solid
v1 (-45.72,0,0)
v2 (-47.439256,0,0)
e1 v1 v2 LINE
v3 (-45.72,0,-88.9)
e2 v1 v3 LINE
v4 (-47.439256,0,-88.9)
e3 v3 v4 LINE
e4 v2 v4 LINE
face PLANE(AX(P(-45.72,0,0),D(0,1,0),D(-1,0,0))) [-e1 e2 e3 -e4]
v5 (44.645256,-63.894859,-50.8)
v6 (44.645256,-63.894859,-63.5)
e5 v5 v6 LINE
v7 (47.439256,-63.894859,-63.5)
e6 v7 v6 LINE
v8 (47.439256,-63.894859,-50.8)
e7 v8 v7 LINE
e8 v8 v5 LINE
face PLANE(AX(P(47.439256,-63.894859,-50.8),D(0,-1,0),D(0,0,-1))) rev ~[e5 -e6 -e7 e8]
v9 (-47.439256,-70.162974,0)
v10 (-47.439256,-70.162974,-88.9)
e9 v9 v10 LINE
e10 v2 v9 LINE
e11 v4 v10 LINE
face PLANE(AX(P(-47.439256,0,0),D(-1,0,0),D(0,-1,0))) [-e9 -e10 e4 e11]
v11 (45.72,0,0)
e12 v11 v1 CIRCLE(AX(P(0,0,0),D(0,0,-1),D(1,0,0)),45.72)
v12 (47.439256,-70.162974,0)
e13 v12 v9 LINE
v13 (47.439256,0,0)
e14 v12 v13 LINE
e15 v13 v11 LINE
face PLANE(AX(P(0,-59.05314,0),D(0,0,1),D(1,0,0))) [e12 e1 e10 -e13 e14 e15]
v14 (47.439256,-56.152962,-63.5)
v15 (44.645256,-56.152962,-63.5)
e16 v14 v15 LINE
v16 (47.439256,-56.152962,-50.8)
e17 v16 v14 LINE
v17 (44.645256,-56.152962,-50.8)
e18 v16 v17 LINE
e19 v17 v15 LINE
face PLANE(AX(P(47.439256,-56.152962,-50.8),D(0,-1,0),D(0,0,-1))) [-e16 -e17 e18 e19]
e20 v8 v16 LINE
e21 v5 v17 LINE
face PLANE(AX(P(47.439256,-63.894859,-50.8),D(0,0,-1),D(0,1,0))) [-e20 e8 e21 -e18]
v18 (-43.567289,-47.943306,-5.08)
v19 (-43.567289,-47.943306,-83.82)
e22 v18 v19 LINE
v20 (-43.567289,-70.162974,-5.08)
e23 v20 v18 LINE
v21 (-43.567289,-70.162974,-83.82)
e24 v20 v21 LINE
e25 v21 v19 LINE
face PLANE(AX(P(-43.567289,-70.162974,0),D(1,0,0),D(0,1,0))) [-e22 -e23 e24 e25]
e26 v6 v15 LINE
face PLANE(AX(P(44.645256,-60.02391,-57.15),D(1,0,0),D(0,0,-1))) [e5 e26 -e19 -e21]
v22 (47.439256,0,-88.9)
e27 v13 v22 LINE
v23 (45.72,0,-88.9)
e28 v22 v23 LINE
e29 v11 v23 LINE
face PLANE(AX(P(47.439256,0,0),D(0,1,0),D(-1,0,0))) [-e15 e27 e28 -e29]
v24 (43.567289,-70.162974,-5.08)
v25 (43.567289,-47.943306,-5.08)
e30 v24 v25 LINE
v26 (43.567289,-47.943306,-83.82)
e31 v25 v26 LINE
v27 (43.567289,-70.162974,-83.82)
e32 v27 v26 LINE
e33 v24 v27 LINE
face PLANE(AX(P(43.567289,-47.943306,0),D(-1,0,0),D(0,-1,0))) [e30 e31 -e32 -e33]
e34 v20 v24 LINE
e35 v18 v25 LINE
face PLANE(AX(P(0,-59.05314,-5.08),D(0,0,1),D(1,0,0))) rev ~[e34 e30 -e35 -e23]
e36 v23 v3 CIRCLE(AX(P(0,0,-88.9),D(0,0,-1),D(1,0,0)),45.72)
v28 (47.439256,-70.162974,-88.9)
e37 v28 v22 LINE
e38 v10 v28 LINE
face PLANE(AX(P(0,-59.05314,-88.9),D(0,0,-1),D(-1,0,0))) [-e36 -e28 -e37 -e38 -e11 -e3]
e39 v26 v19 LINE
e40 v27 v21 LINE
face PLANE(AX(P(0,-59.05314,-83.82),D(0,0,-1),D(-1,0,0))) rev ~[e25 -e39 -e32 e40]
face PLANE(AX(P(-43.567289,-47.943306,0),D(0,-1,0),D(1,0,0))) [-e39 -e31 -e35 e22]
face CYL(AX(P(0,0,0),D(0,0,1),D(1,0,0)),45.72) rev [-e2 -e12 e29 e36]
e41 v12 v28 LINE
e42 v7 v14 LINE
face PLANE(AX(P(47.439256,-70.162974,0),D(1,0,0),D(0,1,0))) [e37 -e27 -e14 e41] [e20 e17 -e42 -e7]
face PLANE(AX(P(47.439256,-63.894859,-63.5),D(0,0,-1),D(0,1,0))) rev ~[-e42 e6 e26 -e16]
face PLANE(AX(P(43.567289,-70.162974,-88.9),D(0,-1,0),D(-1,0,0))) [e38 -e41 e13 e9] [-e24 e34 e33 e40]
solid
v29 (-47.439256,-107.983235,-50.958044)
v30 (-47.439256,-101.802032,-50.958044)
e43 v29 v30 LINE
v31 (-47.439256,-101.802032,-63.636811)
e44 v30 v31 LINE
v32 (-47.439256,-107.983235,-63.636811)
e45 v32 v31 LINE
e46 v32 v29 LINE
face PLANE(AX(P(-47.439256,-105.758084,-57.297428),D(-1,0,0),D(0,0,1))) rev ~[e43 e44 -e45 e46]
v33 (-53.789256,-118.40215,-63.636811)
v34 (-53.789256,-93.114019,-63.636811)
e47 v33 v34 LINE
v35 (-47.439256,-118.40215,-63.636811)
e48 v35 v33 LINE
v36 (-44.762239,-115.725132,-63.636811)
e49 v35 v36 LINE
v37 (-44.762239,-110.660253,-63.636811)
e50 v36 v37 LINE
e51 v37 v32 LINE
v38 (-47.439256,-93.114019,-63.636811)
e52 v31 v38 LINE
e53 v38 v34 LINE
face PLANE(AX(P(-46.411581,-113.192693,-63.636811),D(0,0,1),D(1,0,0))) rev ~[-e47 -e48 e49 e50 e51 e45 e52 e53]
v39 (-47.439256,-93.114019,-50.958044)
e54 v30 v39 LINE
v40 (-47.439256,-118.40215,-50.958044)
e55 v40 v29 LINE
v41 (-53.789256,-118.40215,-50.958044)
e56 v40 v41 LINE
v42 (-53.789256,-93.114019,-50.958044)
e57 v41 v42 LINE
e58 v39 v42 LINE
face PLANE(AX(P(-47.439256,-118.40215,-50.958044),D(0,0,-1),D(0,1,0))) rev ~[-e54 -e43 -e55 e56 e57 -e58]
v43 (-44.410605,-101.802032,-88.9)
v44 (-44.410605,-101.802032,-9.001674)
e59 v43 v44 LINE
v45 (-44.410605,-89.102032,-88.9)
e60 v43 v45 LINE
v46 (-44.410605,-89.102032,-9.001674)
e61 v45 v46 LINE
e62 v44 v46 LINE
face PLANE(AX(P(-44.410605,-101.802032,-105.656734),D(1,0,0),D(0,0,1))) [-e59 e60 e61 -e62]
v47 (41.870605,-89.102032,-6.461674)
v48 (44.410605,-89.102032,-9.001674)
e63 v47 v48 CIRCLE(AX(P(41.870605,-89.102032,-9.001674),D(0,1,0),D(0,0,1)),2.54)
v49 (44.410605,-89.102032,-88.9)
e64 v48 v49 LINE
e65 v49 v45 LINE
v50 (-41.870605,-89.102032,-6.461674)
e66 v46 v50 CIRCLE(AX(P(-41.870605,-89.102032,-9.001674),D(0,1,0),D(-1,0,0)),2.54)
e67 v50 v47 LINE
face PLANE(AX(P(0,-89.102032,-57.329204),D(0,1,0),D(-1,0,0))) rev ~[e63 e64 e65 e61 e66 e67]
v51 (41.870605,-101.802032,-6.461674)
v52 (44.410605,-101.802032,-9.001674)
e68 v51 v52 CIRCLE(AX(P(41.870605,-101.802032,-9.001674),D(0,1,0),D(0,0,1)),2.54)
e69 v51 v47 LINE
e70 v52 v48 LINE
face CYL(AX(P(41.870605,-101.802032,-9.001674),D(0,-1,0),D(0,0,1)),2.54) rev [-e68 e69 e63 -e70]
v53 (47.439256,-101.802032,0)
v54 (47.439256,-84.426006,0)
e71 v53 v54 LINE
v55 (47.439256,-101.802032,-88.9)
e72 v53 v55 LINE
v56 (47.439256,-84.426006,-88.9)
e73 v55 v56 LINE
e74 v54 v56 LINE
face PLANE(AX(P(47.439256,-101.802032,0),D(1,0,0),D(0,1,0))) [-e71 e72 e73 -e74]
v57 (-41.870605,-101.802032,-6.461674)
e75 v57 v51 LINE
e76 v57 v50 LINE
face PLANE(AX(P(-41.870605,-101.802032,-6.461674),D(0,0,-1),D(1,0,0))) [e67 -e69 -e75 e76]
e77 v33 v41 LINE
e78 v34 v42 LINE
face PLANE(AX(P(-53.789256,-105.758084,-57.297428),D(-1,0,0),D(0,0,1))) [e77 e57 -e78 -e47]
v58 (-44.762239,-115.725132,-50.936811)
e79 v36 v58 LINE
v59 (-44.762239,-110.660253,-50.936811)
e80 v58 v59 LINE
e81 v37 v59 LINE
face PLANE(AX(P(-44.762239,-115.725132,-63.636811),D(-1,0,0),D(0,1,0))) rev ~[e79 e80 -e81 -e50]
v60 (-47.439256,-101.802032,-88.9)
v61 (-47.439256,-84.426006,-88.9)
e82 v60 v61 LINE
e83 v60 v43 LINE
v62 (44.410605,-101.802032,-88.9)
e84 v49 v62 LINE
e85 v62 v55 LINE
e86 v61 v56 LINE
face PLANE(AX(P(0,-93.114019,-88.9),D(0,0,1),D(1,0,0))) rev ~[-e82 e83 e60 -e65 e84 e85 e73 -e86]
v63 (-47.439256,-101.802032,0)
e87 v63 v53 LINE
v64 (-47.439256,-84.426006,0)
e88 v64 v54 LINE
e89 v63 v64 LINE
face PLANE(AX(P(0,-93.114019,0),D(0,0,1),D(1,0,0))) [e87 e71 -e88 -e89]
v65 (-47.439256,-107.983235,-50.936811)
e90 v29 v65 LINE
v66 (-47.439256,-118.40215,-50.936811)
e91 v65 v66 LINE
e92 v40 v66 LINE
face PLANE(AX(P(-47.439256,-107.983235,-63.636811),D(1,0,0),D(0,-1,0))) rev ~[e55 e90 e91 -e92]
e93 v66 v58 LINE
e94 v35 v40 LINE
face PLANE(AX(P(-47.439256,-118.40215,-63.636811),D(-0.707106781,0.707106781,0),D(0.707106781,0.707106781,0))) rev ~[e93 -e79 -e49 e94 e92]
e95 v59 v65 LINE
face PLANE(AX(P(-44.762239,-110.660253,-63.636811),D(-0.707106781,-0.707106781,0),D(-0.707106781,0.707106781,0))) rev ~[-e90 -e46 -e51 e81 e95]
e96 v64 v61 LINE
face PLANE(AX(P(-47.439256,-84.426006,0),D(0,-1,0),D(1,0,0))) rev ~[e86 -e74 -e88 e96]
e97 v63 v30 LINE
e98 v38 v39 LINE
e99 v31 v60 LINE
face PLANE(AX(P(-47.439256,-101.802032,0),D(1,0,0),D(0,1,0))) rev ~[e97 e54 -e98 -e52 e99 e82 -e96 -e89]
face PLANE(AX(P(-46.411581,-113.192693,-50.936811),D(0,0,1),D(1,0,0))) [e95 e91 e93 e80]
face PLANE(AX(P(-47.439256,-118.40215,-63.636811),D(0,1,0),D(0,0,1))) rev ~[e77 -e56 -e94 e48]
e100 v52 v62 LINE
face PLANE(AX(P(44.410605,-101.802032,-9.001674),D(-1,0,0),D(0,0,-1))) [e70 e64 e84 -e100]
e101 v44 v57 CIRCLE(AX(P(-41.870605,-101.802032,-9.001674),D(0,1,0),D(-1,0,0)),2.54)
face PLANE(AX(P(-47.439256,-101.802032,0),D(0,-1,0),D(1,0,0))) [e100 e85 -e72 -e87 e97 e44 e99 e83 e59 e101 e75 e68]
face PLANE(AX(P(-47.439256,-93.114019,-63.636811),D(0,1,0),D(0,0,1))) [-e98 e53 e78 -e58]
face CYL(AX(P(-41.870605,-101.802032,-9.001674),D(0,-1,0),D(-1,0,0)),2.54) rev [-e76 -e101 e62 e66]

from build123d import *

# Parameters (mm, degrees)
BOSS_EXTRUDE1_DEPTH   = 88.9
SKETCH1_W             = 94.878512488
SKETCH1_H             = 17.376026141
BOSS_EXTRUDE1_2_DEPTH = 88.9
SKETCH8_W             = 87.134578152
SKETCH8_H             = 22.219668138
BOSS_EXTRUDE2_DEPTH   = 5.08
SKETCH9_W             = 87.134578152
SKETCH9_H             = 22.219668138
BOSS_EXTRUDE3_DEPTH   = 5.08
CUT_EXTRUDE1_DEPTH    = 12.7
SKETCH11_W            = 12.678767115
SKETCH11_H            = 25.288130555
BOSS_EXTRUDE4_DEPTH   = 6.35
BOSS_EXTRUDE5_DEPTH   = 12.7
SKETCH13_W            = 12.7
SKETCH13_H            = 7.741896913
CUT_EXTRUDE2_DEPTH    = 2.794


with BuildPart() as part:
    # Sketch1 → Boss-Extrude1 (new body)
    with BuildSketch(Plane.XY):
        with BuildLine():
            ThreePointArc((45.72, 0), (0, -45.72), (-45.72, 0))
            Line((-45.72, 0), (-47.439256244, 0))
            Line((-47.439256244, 0), (-47.439256244, -70.162974211))
            Line((-47.439256244, -70.162974211), (-43.567289076, -70.162974211))
            Line((-43.567289076, -70.162974211), (-43.567289076, -47.943306073))
            Line((-43.567289076, -47.943306073), (43.567289076, -47.943306073))
            Line((43.567289076, -47.943306073), (43.567289076, -70.162974211))
            Line((43.567289076, -70.162974211), (47.439256244, -70.162974211))
            Line((47.439256244, -70.162974211), (47.439256244, 0))
            Line((47.439256244, 0), (45.72, 0))
        make_face()
    extrude(amount=-BOSS_EXTRUDE1_DEPTH)

    # Sketch8 → Boss-Extrude2 (add)
    with BuildSketch(Plane.XY):
        with Locations((0, -59.053140142)):
            Rectangle(SKETCH8_W, SKETCH8_H)
    extrude(amount=-BOSS_EXTRUDE2_DEPTH)

    # Sketch9 → Boss-Extrude3 (add)
    with BuildSketch(Plane(origin=(0, 0, -88.9), x_dir=(-1, 0, 0), z_dir=(0, 0, -1))):
        with Locations((0, -59.053140142)):
            Rectangle(SKETCH9_W, SKETCH9_H)
    extrude(amount=-BOSS_EXTRUDE3_DEPTH)

    # Sketch13 → Cut-Extrude2 (cut)
    with BuildSketch(Plane(origin=(47.439256244, 0, 0), x_dir=(0, 0, -1), z_dir=(1, 0, 0))):
        with Locations((57.15, -60.02391027)):
            Rectangle(SKETCH13_W, SKETCH13_H)
    extrude(amount=-CUT_EXTRUDE2_DEPTH, mode=Mode.SUBTRACT)


with BuildPart() as body_2:
    # Sketch1 → Boss-Extrude1 2 (new body)
    with BuildSketch(Plane.XY):
        with Locations((0, -93.114019191)):
            Rectangle(SKETCH1_W, SKETCH1_H)
    extrude(amount=-BOSS_EXTRUDE1_2_DEPTH)

    # Sketch10 → Cut-Extrude1 (cut)
    with BuildSketch(Plane.XZ.offset(101.802032261)):
        with BuildLine():
            Line((-41.870605058, -6.461673731), (41.870605058, -6.461673731))
            ThreePointArc((41.870605058, -6.461673731), (43.666656283, -7.205622507), (44.410605058, -9.001673731))
            Line((44.410605058, -9.001673731), (44.410605058, -105.65673434))
            ThreePointArc((44.410605058, -105.65673434), (43.666656283, -107.452785564), (41.870605058, -108.19673434))
            Line((41.870605058, -108.19673434), (-41.870605058, -108.19673434))
            ThreePointArc((-41.870605058, -108.19673434), (-43.666656283, -107.452785564), (-44.410605058, -105.65673434))
            Line((-44.410605058, -105.65673434), (-44.410605058, -9.001673731))
            ThreePointArc((-44.410605058, -9.001673731), (-43.666656283, -7.205622507), (-41.870605058, -6.461673731))
        make_face()
    extrude(amount=-CUT_EXTRUDE1_DEPTH, mode=Mode.SUBTRACT)

    # Sketch11 → Boss-Extrude4 (add)
    with BuildSketch(Plane.ZY.offset(47.439256244)):
        with Locations((-57.297427525, -105.758084467)):
            Rectangle(SKETCH11_W, SKETCH11_H)
    extrude(amount=BOSS_EXTRUDE4_DEPTH)

    # Sketch12 → Boss-Extrude5 (add)
    with BuildSketch(Plane(origin=(0, 0, -63.636811082), x_dir=(-1, 0, 0), z_dir=(0, 0, -1))):
        Polygon((47.439256244, -118.402149745), (44.762238893, -115.725132393), (44.762238893, -110.660252831), (47.439256244, -107.98323548), align=None)
    extrude(amount=-BOSS_EXTRUDE5_DEPTH)


solid = Compound([part.part, body_2.part])
